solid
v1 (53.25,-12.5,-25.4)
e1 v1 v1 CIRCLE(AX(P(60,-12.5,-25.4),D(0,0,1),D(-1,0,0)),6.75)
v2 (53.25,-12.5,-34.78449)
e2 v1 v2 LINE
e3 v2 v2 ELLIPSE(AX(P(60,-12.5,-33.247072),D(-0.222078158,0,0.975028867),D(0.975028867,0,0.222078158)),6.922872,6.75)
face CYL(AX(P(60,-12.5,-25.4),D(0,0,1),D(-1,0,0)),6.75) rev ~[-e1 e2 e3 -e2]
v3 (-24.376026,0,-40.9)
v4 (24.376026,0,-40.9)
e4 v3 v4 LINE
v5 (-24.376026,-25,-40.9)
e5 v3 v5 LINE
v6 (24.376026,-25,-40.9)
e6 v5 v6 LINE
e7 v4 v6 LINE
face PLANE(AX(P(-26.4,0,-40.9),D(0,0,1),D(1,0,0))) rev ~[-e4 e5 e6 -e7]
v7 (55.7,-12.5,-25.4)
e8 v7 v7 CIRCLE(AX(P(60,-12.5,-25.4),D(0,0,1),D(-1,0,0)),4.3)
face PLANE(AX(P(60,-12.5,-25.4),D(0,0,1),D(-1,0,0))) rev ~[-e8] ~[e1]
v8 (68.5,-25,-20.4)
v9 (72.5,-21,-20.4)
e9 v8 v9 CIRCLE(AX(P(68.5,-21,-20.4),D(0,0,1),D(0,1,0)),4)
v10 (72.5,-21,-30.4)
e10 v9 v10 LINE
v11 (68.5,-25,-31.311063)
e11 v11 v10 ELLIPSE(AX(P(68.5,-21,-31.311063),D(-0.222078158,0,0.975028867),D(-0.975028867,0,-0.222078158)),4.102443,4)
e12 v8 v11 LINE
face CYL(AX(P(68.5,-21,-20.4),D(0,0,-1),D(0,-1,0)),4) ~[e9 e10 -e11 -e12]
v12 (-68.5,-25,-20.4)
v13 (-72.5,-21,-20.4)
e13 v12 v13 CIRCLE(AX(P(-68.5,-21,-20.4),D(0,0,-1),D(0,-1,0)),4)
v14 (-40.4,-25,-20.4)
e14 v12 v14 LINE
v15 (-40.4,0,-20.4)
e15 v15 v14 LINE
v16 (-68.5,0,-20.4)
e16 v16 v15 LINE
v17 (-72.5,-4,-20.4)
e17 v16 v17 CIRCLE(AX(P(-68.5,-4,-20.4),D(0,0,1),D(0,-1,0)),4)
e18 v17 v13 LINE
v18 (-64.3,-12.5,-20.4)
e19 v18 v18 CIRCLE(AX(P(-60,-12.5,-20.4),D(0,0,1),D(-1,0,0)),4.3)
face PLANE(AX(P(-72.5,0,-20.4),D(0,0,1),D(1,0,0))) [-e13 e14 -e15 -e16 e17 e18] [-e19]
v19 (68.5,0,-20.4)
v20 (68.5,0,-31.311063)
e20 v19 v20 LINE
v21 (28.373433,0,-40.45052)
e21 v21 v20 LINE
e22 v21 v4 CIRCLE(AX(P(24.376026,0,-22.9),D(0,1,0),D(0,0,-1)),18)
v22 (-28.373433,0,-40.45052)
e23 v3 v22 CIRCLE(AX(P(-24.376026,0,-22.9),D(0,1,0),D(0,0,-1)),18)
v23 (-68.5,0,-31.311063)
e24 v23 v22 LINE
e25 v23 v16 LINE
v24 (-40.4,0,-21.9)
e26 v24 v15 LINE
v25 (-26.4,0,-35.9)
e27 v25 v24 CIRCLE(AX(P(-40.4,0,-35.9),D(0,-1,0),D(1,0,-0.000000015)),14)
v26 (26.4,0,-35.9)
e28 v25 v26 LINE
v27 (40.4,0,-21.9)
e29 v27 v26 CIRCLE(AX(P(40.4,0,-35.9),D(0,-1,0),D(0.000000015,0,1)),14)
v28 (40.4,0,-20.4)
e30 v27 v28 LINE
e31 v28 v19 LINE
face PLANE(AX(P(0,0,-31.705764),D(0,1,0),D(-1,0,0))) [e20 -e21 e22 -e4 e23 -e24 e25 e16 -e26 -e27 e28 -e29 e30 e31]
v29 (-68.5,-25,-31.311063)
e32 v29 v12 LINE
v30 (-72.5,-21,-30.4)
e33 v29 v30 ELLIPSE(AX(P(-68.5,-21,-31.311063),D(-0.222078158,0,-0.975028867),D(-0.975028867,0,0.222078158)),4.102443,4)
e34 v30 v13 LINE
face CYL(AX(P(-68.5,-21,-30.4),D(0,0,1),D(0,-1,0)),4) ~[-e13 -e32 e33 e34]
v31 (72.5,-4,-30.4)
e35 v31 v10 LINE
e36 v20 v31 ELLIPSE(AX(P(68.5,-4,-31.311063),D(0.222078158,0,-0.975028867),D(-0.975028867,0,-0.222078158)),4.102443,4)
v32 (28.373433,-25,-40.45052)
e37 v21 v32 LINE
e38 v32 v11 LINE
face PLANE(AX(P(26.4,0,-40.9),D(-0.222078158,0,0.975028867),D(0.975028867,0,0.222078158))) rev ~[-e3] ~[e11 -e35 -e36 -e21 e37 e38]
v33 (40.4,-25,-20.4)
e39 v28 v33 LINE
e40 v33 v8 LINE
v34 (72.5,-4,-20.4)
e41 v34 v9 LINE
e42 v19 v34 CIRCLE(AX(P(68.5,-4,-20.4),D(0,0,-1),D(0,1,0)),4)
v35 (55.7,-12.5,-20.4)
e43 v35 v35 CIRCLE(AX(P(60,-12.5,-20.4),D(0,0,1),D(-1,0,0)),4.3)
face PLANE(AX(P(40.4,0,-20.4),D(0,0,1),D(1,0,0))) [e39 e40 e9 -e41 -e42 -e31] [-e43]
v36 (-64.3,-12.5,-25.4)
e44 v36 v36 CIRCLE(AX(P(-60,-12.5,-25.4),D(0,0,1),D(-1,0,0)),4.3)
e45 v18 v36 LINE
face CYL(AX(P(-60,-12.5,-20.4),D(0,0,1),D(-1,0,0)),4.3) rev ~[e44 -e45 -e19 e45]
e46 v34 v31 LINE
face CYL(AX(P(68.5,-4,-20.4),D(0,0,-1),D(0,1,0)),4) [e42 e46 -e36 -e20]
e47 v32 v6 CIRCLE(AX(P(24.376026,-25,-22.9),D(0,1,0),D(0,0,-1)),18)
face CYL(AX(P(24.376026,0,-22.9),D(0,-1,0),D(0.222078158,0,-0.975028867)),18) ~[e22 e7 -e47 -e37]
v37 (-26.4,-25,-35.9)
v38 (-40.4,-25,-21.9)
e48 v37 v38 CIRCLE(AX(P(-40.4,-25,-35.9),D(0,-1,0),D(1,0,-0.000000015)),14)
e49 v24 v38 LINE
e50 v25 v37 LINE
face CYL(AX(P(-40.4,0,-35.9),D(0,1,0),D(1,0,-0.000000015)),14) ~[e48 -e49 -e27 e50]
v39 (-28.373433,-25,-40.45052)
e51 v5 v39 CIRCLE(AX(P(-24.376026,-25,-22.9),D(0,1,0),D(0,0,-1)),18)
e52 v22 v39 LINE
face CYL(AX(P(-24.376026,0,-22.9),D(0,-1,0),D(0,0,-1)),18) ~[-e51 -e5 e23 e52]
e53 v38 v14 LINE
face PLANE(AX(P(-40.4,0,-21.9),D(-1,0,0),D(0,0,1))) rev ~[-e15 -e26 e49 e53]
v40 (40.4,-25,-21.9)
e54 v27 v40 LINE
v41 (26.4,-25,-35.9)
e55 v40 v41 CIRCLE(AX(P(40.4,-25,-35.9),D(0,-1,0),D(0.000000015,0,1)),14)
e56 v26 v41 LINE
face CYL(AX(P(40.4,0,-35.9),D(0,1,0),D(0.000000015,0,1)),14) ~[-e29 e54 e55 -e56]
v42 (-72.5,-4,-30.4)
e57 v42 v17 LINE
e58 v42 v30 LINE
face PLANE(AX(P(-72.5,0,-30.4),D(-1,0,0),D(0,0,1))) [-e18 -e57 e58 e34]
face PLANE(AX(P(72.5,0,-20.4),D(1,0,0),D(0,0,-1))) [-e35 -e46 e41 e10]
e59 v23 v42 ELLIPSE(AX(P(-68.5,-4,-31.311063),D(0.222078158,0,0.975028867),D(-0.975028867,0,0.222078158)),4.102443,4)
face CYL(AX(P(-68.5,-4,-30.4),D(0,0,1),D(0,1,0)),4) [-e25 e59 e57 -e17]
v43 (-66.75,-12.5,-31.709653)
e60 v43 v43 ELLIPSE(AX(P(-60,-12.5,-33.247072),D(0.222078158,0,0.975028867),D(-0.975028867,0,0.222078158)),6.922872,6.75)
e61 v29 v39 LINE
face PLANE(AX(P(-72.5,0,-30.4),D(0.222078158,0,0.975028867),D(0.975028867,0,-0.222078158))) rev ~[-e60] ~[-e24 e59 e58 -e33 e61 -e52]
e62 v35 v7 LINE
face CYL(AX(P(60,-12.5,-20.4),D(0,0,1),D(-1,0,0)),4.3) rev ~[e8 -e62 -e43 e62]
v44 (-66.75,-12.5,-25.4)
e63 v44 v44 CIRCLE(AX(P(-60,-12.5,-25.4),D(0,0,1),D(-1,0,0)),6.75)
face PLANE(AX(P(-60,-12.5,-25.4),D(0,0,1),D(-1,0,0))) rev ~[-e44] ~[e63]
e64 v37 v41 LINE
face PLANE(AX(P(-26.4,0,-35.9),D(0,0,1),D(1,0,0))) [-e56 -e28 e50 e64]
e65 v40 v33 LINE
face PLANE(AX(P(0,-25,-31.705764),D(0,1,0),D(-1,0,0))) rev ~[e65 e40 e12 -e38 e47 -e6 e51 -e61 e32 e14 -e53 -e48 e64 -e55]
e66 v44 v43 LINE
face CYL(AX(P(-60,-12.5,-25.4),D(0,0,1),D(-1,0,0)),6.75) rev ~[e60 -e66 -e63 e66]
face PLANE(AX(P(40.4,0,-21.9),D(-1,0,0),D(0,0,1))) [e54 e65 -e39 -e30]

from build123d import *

# Parameters (mm, degrees)
PAD_DEPTH       = 25
SKETCH001_R     = 4.3
POCKET_DEPTH    = 20.501
SKETCH002_R     = 6.75
POCKET001_DEPTH = 15.501
FILLET_R        = 4
FILLET001_R     = 18


with BuildPart() as part:
    # Sketch → Pad (new body)
    with BuildSketch(Plane.XZ):
        with BuildLine():
            Line((40.4, -20.4), (72.5, -20.4))
            Line((72.5, -20.4), (72.5, -30.4))
            Line((26.4, -40.9), (72.5, -30.4))
            Line((-26.4, -40.9), (26.4, -40.9))
            Line((-72.5, -30.4), (-26.4, -40.9))
            Line((-72.5, -30.4), (-72.5, -20.4))
            Line((-72.5, -20.4), (-40.4, -20.4))
            Line((-40.4, -21.9), (-40.4, -20.4))
            ThreePointArc((-26.4, -35.9), (-30.500505, -26.000505), (-40.4, -21.9))
            Line((-26.4, -35.9), (26.4, -35.9))
            ThreePointArc((40.4, -21.9), (30.500505, -26.000505), (26.4, -35.9))
            Line((40.4, -21.9), (40.4, -20.4))
        make_face()
    extrude(amount=PAD_DEPTH)

    # Sketch001 (on Face8 of Pad) → Pocket (cut, through all)
    with BuildSketch(Plane(origin=(0, 0, -20.4), x_dir=(-1, 0, 0), z_dir=(0, 0, 1))):
        with Locations((-60, 12.5)):
            Circle(SKETCH001_R)
        with Locations((60, 12.5)):
            Circle(SKETCH001_R)
    extrude(amount=-POCKET_DEPTH, mode=Mode.SUBTRACT)

    # Sketch002 (on Face13 of Pocket) → Pocket001 (cut, through all)
    with BuildSketch(Plane(origin=(0, 0, -25.4), x_dir=(-1, 0, 0), z_dir=(0, 0, 1))):
        with Locations((-60, 12.5)):
            Circle(SKETCH002_R)
        with Locations((60, 12.5)):
            Circle(SKETCH002_R)
    extrude(amount=-POCKET001_DEPTH, mode=Mode.SUBTRACT)

    # Fillet
    fillet_edges = [part.edges().sort_by_distance(p)[0] for p in [
        (-72.5, -25, -25.4),
        (-72.5, 0, -25.4),
        (72.5, -25, -25.4),
        (72.5, 0, -25.4),
    ]]
    fillet(fillet_edges, radius=FILLET_R)

    # Fillet001
    fillet001_edges = [part.edges().sort_by_distance(p)[0] for p in [
        (-26.4, -12.5, -40.9),
        (26.4, -12.5, -40.9),
    ]]
    fillet(fillet001_edges, radius=FILLET001_R)


solid = part.part
